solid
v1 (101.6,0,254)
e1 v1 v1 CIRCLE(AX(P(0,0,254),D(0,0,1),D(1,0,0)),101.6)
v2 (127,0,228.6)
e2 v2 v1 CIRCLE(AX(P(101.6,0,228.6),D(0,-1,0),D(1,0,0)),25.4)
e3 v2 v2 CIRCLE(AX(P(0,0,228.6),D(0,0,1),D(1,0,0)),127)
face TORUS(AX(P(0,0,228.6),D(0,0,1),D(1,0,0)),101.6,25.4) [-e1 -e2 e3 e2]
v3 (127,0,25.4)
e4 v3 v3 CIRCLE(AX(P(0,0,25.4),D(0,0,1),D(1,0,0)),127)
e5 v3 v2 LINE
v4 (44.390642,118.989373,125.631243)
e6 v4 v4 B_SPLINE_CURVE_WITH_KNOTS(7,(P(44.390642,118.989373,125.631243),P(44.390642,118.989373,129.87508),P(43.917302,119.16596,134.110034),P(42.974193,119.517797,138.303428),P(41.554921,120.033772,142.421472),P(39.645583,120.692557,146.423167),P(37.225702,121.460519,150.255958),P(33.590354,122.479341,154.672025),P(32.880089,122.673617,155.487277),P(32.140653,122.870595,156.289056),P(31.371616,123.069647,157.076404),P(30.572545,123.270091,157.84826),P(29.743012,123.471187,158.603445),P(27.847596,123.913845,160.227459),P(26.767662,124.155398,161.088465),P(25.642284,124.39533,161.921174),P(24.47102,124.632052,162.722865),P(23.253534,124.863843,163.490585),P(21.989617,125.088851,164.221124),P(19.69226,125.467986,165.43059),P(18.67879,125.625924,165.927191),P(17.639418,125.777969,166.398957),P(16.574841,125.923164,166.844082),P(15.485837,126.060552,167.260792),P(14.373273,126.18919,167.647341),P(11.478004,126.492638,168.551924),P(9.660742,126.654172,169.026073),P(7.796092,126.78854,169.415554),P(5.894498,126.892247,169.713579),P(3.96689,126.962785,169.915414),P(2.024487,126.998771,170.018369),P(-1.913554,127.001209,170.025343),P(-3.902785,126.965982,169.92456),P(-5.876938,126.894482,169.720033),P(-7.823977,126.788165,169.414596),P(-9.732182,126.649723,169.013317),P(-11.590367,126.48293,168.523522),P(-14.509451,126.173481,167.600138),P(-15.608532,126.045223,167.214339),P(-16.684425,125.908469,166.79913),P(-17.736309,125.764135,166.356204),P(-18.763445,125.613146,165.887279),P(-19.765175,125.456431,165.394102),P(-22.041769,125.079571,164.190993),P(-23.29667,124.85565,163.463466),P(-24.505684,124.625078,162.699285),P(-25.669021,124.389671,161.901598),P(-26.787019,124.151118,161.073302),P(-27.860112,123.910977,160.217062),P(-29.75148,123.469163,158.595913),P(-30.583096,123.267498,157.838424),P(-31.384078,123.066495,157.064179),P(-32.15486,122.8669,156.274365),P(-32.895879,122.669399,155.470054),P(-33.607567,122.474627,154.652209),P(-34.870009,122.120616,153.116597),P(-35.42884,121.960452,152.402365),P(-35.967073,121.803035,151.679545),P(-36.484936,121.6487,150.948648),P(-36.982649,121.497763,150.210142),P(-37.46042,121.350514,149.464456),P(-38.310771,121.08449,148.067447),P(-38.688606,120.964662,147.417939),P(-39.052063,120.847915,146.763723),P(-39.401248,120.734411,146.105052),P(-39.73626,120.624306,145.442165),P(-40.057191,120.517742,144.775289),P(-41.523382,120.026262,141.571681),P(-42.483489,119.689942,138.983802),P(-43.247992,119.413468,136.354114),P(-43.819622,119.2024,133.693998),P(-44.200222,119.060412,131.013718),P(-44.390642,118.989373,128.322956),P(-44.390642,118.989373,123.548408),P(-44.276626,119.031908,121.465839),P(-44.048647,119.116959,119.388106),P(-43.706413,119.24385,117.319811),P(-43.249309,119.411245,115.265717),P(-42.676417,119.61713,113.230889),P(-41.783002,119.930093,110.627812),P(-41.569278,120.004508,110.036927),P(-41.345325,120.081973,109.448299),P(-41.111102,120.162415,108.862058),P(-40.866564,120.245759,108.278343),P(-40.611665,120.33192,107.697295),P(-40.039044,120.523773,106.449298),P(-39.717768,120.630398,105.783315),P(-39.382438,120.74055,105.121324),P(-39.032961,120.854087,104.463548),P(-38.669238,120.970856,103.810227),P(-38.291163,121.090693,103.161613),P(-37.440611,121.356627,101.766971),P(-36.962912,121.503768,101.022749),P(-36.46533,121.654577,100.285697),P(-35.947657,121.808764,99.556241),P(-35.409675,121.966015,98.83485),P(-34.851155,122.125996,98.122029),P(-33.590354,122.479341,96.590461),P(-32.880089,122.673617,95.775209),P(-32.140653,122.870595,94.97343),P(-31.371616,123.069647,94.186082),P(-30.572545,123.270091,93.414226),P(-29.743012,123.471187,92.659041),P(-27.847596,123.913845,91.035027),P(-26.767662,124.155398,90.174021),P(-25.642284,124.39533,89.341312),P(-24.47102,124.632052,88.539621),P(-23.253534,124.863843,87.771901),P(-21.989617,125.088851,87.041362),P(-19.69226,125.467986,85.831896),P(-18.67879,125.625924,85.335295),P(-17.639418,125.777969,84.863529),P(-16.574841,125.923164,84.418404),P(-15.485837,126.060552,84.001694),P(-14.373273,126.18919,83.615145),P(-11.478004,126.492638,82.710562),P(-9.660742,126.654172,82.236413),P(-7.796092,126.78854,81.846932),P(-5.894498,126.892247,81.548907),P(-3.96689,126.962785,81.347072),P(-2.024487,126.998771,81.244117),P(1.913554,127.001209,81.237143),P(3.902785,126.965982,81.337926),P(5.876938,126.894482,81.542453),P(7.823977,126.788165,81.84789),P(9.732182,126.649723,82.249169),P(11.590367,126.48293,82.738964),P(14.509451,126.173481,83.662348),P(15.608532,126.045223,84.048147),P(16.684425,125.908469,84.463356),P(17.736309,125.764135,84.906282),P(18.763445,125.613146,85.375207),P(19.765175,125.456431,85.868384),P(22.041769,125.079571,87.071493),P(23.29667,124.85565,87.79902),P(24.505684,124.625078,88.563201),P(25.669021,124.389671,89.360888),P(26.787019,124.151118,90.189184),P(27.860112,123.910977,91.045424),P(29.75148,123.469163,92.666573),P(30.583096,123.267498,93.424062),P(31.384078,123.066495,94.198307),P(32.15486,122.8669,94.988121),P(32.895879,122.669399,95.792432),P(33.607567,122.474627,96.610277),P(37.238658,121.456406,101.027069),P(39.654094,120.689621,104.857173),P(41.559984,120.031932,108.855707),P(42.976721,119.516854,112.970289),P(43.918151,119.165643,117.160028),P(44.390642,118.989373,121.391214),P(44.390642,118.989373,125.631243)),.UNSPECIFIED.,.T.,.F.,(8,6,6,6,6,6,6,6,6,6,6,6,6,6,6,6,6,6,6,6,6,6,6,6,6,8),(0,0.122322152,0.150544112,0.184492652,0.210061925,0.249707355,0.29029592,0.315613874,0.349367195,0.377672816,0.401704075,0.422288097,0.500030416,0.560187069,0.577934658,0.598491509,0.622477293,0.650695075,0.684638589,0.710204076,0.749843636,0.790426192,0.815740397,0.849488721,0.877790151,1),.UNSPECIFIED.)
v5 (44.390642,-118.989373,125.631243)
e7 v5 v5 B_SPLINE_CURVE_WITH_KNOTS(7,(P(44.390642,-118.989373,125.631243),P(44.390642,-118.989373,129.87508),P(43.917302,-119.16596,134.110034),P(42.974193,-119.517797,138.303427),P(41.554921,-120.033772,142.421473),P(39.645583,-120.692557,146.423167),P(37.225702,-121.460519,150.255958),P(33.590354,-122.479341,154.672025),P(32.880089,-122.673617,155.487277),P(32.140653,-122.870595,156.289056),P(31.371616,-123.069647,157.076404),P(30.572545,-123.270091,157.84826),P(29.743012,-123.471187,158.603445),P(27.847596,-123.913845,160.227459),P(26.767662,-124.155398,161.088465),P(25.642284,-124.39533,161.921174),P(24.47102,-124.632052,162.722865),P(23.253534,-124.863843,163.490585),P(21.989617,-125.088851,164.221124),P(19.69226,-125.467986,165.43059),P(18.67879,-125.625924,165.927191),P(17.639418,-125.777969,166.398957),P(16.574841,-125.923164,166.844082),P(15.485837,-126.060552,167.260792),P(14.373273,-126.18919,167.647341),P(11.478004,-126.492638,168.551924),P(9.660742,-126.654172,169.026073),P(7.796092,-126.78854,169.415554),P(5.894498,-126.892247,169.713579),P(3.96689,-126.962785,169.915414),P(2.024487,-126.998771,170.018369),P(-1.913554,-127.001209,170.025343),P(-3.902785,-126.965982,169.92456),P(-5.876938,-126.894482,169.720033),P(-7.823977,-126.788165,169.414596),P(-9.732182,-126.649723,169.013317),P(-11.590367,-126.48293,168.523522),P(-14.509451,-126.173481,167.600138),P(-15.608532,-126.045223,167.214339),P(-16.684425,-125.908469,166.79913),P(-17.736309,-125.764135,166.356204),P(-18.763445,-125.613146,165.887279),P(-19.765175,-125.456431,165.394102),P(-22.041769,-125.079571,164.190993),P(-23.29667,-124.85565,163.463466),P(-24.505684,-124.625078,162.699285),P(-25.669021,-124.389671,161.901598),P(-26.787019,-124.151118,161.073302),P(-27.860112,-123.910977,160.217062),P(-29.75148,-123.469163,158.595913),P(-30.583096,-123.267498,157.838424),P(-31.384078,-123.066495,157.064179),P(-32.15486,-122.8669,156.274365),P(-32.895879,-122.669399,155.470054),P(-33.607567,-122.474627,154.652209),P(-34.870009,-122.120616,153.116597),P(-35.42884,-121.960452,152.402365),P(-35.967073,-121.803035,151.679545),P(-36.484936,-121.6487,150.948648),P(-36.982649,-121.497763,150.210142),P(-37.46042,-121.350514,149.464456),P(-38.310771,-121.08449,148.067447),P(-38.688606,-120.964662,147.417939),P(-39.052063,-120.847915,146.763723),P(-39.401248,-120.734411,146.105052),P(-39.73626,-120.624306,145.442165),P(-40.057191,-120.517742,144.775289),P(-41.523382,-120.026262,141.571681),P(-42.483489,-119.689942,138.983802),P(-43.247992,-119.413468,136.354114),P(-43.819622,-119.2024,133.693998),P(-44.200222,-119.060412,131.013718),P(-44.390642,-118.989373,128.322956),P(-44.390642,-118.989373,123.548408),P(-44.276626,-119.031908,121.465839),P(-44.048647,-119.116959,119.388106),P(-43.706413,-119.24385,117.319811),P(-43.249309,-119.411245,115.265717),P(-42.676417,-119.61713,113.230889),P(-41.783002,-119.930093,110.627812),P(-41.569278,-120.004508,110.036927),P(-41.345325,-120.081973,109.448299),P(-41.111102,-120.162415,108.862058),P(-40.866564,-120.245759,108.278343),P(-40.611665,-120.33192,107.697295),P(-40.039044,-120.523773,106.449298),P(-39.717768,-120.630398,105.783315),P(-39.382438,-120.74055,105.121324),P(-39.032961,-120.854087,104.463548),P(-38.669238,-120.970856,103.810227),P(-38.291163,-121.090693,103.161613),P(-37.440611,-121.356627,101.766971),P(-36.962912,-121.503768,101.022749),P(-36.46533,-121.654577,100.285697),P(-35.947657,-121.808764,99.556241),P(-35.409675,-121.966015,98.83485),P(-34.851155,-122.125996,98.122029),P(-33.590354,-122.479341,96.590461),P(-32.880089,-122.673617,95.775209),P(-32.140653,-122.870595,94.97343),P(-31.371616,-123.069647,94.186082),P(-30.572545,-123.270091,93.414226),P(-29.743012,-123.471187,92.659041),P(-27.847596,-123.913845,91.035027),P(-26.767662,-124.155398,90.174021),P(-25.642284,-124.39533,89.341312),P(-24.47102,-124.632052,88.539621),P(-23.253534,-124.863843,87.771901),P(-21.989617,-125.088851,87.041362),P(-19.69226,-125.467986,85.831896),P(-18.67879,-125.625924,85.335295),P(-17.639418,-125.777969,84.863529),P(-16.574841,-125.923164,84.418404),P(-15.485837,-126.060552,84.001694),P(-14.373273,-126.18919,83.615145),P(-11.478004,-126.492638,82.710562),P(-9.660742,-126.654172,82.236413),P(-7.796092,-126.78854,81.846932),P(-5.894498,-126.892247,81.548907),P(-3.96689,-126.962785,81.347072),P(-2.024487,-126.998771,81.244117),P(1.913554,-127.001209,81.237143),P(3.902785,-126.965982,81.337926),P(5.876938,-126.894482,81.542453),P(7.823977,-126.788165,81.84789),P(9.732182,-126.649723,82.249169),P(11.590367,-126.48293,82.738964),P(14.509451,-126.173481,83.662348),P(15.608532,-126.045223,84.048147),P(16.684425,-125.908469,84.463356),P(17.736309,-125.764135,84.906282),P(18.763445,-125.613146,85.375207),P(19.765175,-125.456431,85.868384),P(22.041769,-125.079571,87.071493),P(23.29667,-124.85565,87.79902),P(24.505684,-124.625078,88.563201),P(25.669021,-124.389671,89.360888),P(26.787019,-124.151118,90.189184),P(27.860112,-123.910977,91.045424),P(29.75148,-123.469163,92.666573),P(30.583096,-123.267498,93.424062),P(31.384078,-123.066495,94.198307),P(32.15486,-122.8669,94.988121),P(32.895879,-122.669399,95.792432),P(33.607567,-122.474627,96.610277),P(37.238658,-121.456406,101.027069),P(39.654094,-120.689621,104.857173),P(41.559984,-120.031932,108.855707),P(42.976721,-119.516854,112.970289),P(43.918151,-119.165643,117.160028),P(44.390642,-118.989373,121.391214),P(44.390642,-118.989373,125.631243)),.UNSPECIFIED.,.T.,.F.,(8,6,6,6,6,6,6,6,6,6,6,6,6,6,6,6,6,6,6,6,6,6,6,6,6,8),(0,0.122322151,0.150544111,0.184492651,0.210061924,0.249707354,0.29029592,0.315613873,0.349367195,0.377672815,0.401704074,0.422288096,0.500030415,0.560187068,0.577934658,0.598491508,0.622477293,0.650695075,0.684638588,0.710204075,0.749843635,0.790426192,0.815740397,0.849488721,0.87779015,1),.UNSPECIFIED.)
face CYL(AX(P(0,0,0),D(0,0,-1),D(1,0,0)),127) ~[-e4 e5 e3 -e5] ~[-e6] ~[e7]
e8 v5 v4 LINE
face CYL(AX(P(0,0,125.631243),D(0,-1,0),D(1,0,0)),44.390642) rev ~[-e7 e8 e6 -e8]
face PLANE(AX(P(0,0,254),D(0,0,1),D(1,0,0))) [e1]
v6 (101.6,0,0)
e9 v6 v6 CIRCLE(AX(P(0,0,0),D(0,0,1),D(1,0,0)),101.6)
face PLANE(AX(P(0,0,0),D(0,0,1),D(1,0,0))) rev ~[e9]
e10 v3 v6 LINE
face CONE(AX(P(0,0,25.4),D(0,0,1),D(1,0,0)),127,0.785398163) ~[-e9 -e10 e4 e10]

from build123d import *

# Parameters (mm, degrees)
F0_R          = 127
F1_DEPTH      = 254
F2_R          = 25.4
F3_SIZE       = 25.4
F4_R          = 44.390641743
F5_DEPTH      = 127.001
F5_DEPTH_BACK = 127.001


with BuildPart() as f1:
    # F0 (on Top) → F1 (new body)
    with BuildSketch(Plane.XY):
        Circle(F0_R)
    extrude(amount=F1_DEPTH)

    # F2
    f2_edges = [f1.edges().sort_by_distance(p)[0] for p in [
        (-127, 0, 254),
    ]]
    fillet(f2_edges, radius=F2_R)

    # F3
    f3_edges = [f1.edges().sort_by_distance(p)[0] for p in [
        (-127, 0, 0),
    ]]
    chamfer(f3_edges, length=F3_SIZE)

    # F4 (on Front) → F5 (cut, two sides)
    with BuildSketch(Plane.XZ) as f5_sk:
        with Locations((0, 125.6312429905)):
            Circle(F4_R)
    extrude(amount=-F5_DEPTH, mode=Mode.SUBTRACT)
    extrude(f5_sk.sketch, amount=F5_DEPTH_BACK, mode=Mode.SUBTRACT)


solid = f1.part
